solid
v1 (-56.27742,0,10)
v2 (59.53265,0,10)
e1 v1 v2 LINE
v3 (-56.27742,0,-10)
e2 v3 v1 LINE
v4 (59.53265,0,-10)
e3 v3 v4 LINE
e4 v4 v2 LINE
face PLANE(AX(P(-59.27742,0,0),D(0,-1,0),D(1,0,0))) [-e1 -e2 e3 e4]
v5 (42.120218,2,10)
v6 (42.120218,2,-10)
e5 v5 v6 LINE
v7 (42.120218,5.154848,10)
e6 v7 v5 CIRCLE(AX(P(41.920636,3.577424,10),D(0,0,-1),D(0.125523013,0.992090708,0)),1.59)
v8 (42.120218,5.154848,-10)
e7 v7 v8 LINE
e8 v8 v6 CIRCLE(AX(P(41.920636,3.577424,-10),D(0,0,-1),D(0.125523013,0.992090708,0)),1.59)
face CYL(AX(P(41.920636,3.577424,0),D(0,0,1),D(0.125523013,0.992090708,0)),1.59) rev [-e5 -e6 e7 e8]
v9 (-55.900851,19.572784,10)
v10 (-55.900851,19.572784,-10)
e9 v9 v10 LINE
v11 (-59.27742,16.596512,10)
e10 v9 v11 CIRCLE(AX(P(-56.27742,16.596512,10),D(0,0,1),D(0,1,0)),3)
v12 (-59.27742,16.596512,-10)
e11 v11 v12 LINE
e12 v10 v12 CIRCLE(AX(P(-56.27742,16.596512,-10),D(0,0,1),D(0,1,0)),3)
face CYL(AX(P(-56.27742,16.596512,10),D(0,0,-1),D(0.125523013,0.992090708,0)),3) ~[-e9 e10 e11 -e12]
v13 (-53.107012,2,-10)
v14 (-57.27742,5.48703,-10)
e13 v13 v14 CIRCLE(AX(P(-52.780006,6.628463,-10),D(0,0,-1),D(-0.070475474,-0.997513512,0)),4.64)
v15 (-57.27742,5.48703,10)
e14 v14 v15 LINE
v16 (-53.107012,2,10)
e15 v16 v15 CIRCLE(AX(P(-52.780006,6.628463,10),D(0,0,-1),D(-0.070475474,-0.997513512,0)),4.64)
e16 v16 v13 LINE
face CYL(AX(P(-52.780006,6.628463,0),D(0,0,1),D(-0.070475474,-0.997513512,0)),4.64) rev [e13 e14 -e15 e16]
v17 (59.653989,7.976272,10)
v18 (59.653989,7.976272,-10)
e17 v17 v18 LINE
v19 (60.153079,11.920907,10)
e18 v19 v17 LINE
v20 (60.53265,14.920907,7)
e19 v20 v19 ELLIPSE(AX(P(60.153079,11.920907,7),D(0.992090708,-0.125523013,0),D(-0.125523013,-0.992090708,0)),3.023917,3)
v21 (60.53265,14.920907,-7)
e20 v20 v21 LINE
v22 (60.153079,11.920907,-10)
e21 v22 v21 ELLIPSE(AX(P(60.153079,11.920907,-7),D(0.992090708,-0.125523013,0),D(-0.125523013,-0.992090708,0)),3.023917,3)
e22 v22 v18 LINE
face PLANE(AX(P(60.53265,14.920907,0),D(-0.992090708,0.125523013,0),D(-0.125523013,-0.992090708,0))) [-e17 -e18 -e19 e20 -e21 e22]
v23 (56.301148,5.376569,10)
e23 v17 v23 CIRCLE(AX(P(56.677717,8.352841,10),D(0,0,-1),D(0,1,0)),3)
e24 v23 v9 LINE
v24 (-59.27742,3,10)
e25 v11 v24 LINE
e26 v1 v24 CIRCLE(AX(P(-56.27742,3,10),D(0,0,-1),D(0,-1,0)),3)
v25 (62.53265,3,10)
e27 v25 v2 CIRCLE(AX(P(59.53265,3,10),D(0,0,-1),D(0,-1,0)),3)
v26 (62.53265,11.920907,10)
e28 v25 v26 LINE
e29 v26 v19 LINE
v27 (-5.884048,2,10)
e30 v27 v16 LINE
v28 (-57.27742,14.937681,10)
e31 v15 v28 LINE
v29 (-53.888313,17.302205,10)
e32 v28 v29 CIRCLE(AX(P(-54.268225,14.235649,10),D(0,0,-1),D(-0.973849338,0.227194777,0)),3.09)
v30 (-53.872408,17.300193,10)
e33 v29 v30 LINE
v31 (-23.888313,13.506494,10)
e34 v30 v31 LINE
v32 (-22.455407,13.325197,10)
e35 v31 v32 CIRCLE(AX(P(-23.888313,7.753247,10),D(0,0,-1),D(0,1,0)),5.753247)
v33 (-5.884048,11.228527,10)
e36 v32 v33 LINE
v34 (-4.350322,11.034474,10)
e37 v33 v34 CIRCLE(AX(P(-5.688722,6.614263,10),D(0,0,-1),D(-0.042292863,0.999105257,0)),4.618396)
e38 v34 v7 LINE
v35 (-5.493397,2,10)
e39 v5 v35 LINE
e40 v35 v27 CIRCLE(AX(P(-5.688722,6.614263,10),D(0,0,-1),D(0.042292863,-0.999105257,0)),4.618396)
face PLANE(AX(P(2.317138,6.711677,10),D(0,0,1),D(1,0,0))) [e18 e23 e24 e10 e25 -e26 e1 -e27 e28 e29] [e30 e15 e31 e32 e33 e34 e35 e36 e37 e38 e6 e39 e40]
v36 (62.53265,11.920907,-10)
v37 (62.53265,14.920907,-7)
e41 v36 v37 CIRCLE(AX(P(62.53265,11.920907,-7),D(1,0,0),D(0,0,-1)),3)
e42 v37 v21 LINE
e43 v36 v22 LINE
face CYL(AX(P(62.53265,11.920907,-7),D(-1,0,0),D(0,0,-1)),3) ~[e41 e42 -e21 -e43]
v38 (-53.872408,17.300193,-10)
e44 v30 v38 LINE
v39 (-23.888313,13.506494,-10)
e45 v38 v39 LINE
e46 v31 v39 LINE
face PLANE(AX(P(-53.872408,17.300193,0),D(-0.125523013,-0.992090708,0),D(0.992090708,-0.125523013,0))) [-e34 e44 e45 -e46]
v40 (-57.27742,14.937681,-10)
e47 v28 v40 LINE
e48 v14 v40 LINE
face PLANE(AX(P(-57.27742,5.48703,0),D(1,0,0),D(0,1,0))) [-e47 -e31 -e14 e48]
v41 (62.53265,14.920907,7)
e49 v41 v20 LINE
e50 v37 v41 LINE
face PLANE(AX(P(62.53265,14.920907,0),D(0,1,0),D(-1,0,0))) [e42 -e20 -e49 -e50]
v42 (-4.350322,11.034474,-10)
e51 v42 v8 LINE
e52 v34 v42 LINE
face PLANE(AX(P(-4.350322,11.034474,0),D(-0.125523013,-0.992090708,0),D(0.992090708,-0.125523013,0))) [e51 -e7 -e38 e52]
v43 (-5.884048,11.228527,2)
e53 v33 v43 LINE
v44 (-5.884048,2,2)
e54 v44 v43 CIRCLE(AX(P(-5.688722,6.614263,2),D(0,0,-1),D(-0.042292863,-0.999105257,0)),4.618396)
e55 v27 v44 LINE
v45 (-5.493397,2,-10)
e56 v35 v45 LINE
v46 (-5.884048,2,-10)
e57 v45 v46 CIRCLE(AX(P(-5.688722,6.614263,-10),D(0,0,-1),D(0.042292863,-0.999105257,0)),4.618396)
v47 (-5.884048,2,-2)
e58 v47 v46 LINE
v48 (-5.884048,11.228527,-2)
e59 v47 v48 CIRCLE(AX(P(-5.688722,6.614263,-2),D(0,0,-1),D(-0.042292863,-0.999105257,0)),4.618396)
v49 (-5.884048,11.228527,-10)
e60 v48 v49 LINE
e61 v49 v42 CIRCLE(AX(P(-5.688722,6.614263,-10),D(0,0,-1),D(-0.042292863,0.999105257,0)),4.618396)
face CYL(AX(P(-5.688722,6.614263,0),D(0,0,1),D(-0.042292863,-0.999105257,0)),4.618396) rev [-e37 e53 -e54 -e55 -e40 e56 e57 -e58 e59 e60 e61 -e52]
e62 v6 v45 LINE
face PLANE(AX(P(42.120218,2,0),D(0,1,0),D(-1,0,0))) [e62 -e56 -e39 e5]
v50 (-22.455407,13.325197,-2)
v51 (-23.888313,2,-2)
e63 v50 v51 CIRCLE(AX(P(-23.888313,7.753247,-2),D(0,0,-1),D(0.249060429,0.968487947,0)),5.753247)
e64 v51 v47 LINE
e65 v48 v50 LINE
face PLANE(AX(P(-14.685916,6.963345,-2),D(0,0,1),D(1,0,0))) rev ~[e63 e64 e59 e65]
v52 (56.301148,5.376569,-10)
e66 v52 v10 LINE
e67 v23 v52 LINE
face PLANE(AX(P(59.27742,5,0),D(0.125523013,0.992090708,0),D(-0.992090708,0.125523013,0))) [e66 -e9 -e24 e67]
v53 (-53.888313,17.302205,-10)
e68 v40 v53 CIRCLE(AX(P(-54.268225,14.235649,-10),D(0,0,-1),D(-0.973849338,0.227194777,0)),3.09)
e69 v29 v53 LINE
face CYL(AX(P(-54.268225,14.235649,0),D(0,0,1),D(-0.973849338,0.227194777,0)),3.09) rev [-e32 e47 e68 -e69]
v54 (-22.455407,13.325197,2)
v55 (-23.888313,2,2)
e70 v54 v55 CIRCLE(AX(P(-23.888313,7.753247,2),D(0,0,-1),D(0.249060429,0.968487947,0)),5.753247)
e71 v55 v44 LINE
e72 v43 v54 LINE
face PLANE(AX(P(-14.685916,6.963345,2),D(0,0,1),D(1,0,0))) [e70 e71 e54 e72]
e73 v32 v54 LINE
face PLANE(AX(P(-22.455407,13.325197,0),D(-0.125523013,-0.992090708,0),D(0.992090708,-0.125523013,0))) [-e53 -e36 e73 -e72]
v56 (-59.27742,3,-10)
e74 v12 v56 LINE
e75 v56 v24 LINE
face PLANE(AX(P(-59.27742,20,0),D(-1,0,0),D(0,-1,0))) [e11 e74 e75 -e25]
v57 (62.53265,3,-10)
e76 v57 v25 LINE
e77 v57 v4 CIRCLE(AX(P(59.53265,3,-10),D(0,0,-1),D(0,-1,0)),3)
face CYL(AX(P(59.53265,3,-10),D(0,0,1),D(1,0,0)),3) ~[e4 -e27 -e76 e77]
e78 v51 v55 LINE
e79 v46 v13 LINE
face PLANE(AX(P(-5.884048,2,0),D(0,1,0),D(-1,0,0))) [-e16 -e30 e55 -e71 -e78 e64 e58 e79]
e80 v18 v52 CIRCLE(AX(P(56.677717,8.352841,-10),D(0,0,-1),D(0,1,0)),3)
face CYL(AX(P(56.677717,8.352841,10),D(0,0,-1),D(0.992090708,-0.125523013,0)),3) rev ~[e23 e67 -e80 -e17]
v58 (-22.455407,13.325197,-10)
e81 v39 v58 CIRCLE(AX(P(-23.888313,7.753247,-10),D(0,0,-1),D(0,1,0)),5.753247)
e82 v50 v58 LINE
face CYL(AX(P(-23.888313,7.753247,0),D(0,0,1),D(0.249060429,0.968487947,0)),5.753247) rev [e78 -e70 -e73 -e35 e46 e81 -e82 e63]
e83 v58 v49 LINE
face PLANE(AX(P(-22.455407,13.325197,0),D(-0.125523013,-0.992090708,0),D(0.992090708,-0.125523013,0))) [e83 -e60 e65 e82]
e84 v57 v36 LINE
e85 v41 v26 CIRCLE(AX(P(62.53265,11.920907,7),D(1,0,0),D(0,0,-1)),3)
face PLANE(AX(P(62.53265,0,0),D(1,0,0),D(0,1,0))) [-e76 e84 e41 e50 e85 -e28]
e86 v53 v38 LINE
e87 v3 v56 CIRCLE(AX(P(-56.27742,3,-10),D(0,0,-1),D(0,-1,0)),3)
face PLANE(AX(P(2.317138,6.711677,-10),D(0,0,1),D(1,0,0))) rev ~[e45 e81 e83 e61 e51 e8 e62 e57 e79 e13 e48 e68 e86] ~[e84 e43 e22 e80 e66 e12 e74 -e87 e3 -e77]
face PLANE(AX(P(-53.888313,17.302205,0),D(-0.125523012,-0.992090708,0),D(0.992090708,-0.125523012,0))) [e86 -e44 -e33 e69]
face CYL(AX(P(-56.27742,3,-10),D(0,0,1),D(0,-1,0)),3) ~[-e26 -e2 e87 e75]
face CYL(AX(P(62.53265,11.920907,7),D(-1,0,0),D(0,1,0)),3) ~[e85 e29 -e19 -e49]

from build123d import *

# Parameters (mm, degrees)
F1_DEPTH      = 10
F1_DEPTH_BACK = 10
F2_DEPTH      = 2
F2_DEPTH_BACK = 2
F3_R          = 3


with BuildPart() as f1:
    # F0 (on Top) → F1 (new body, two sides)
    with BuildSketch(Plane.XY) as f1_sk:
        Polygon((-59.2774198156, 20), (-59.2774198156, 0), (59.2774198156, 0), (62.5326499412, 0), (62.5326499412, 14.9209070821), (60.5326499412, 14.9209070821), (59.2774198156, 5), align=None)
        with BuildLine():
            Line((-57.2774198156, 5.487030372), (-57.2774198156, 14.937681146))
            ThreePointArc((-57.2774198156, 14.937681146), (-56.0362820698, 16.769830707), (-53.888312773, 17.3022054044))
            Line((-53.888312773, 17.3022054044), (-53.8724083408, 17.3001931164))
            Line((-53.8724083408, 17.3001931164), (-23.888312773, 13.5064936359))
            ThreePointArc((-23.888312773, 13.5064936359), (-23.1661479004, 13.4609895281), (-22.4554066533, 13.3251970152))
            Line((-22.4554066533, 13.3251970152), (-5.8840475922, 11.2285269283))
            ThreePointArc((-5.8840475922, 11.2285269283), (-5.109007468, 11.1961309679), (-4.3503218976, 11.0344742393))
            Line((-4.3503218976, 11.0344742393), (42.1202175885, 5.1548484521))
            ThreePointArc((42.1202175885, 5.1548484521), (43.5106359985, 3.5774242261), (42.1202175885, 2))
            Line((42.1202175885, 2), (-5.4933972374, 2))
            ThreePointArc((-5.4933972374, 2), (-5.6887224148, 1.9958677209), (-5.8840475922, 2))
            Line((-5.8840475922, 2), (-23.888312773, 2))
            Line((-23.888312773, 2), (-53.1070120633, 2))
            ThreePointArc((-53.1070120633, 2), (-55.756346344, 3.0688282572), (-57.2774198156, 5.487030372))
        make_face(mode=Mode.SUBTRACT)
    extrude(amount=F1_DEPTH)
    extrude(f1_sk.sketch, amount=-F1_DEPTH_BACK)

    # F0 (on Top) → F2 (join, two sides)
    with BuildSketch(Plane.XY) as f2_sk:
        with BuildLine():
            ThreePointArc((-22.4554066533, 13.3251970152), (-18.1805700628, 7.0310819454), (-23.888312773, 2))
            Line((-23.888312773, 2), (-5.8840475922, 2))
            ThreePointArc((-5.8840475922, 2), (-10.3071181581, 6.6142634641), (-5.8840475922, 11.2285269283))
            Line((-5.8840475922, 11.2285269283), (-22.4554066533, 13.3251970152))
        make_face()
    extrude(amount=F2_DEPTH)
    extrude(f2_sk.sketch, amount=-F2_DEPTH_BACK)

    # F3
    f3_edges = [f1.edges().sort_by_distance(p)[0] for p in [
        (62.53265, 0, 0),
        (-59.27742, 0, 0),
        (-59.27742, 20, 0),
        (59.27742, 5, 0),
        (61.53265, 14.920907, -10),
        (61.53265, 14.920907, 10),
    ]]
    fillet(f3_edges, radius=F3_R)


solid = f1.part
